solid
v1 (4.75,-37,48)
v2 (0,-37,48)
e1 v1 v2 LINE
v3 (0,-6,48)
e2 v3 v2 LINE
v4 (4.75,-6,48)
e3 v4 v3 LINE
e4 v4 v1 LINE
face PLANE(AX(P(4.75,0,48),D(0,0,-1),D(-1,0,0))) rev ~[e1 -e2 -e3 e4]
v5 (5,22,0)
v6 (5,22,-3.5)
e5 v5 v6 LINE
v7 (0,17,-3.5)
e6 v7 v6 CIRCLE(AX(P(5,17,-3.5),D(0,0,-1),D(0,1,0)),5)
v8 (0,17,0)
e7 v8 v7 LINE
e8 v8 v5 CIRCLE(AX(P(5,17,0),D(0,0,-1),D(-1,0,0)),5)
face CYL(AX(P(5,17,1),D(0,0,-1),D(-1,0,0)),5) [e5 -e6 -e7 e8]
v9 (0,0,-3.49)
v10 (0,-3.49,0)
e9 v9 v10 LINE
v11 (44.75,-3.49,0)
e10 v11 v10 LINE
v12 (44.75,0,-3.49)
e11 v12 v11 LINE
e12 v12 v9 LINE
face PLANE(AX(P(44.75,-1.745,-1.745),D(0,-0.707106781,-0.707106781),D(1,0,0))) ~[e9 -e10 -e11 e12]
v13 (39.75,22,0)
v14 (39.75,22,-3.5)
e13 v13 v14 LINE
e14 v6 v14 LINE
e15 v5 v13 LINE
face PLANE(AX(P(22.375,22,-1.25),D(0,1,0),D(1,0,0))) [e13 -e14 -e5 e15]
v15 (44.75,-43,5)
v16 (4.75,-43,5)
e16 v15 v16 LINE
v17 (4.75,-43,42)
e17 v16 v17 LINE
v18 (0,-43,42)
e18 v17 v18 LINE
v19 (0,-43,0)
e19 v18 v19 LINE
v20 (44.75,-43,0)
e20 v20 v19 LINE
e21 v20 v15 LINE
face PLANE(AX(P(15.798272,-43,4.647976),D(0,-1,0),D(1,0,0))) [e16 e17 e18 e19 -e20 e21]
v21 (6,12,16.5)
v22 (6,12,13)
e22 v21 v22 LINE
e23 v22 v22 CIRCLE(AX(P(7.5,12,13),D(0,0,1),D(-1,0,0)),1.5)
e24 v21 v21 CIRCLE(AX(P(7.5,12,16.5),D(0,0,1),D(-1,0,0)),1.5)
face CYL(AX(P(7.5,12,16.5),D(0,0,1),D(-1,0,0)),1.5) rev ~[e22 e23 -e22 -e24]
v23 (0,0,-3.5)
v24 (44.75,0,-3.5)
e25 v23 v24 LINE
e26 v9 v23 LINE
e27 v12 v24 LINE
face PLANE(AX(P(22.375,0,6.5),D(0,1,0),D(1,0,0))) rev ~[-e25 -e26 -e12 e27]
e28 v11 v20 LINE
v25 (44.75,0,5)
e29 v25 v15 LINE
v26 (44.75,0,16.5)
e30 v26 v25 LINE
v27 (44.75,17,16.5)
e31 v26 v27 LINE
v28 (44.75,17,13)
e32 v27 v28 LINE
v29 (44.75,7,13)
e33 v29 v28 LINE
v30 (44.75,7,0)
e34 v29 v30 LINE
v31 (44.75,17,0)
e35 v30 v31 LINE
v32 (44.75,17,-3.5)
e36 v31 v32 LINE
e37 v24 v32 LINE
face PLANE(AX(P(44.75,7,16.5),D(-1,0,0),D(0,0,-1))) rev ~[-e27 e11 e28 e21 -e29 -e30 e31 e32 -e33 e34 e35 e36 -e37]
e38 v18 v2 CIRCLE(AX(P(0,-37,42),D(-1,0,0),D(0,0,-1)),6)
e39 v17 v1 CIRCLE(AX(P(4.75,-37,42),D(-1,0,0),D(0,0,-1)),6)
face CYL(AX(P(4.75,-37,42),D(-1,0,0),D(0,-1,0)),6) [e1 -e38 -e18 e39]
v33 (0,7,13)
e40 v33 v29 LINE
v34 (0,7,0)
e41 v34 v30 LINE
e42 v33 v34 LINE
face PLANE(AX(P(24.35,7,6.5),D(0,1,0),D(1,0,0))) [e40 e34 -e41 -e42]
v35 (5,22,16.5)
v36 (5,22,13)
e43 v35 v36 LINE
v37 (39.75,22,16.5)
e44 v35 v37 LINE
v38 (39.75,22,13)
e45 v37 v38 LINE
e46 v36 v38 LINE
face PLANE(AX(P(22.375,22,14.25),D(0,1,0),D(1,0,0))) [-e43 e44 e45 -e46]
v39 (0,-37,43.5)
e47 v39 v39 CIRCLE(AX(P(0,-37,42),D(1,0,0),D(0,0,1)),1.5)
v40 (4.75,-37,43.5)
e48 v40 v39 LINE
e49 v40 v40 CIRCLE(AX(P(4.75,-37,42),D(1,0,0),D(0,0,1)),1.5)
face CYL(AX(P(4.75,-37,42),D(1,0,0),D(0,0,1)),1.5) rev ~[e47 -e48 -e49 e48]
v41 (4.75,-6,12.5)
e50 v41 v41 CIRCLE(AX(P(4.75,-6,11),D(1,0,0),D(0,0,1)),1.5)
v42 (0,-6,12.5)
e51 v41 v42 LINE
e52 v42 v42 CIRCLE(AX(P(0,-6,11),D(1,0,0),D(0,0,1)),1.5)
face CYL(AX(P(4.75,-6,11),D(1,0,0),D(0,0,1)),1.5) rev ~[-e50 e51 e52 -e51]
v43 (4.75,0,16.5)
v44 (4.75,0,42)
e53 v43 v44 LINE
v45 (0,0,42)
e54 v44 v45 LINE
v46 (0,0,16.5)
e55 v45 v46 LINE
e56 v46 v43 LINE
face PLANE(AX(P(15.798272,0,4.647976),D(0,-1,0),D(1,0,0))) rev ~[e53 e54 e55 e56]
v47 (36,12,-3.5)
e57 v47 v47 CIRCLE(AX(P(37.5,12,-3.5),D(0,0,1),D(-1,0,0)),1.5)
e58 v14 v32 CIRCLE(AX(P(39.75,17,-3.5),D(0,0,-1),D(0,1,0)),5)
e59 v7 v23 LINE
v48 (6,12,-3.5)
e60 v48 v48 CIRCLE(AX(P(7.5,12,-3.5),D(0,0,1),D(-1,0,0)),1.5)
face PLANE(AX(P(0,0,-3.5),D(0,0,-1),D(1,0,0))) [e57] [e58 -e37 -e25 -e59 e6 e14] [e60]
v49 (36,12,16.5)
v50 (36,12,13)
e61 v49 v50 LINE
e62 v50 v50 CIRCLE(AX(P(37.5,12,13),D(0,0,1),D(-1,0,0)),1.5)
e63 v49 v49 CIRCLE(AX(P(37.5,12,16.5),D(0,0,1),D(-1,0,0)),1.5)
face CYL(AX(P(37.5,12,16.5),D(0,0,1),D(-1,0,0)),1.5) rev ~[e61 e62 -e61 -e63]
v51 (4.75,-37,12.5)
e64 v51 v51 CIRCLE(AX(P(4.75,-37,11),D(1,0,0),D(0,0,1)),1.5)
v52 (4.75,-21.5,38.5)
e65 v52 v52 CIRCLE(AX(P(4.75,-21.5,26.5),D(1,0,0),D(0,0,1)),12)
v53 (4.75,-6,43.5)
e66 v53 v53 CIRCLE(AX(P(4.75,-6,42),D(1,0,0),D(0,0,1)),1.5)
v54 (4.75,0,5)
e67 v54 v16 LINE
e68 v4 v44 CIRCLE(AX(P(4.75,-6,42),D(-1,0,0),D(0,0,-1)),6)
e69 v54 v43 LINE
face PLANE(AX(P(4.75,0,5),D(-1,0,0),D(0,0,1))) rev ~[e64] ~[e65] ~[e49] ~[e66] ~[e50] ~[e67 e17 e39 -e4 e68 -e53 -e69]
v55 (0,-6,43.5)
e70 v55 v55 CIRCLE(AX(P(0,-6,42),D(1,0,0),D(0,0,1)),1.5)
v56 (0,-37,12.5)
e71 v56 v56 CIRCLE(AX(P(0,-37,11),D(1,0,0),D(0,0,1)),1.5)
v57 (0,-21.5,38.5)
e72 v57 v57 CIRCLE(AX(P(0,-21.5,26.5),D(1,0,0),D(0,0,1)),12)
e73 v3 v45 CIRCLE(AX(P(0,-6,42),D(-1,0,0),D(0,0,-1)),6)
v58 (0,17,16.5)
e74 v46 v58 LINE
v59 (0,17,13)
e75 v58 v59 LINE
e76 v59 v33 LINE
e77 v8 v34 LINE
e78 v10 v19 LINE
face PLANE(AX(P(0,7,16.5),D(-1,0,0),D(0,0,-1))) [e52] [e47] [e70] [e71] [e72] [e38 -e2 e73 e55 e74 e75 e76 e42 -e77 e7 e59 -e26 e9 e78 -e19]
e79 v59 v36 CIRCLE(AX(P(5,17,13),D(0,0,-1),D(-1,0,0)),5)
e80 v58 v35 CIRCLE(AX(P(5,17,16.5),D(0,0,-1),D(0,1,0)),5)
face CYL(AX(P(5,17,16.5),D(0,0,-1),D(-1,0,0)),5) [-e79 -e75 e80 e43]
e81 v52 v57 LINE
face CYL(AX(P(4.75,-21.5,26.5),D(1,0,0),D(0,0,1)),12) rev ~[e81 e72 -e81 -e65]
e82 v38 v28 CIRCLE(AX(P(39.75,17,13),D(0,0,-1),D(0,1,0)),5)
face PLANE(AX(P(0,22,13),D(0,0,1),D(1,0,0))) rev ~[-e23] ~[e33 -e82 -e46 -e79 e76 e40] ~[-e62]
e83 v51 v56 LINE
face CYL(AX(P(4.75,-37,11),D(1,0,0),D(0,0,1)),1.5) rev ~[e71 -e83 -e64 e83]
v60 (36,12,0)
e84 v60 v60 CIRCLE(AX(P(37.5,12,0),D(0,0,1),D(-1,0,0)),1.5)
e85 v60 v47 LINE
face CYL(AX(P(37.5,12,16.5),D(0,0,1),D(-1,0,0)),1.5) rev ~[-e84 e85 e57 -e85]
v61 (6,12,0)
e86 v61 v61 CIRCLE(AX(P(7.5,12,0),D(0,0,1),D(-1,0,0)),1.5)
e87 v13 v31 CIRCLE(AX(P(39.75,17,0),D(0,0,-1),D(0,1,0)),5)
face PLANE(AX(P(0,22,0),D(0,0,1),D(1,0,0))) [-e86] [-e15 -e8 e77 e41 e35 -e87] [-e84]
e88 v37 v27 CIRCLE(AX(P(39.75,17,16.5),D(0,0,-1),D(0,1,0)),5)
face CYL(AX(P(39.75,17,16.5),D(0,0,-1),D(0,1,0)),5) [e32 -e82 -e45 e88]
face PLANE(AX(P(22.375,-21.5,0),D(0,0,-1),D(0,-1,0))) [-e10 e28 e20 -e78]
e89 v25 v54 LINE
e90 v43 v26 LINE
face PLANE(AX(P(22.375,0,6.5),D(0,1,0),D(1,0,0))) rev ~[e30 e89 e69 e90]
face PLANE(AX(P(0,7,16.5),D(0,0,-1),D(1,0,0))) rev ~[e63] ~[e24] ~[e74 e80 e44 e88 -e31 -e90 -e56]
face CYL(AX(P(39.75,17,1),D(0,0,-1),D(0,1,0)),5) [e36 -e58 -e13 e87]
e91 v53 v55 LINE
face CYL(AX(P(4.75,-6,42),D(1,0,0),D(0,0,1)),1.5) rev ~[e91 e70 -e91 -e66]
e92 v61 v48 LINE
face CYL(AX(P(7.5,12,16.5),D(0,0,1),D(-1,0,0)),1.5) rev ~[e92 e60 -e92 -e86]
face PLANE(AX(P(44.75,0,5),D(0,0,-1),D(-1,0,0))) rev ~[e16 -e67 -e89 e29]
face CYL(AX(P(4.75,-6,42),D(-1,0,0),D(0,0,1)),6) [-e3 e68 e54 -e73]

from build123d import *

# Parameters (mm, degrees)
PAD_DEPTH       = 43
SKETCH001_R     = 12
SKETCH001_R_2   = 1.5
POCKET_DEPTH    = 5
POCKET_FACE5_W  = 43
POCKET_FACE5_H  = 44.75
POCKET001_DEPTH = 15.5
SKETCH002_W     = 44.75
SKETCH002_H     = 20
PAD001_DEPTH    = 7
SKETCH003_W     = 44.75
SKETCH003_H     = 4.5
PAD002_DEPTH    = 15
SKETCH004_R     = 1.5
POCKET002_DEPTH = 20.001
CHAMFER_SIZE    = 3.49
FILLET_R        = 6
FILLET001_R     = 5
SKETCH005_W     = 48.7
SKETCH005_H     = 13
POCKET003_DEPTH = 15


with BuildPart() as part:
    # Sketch → Pad (new body)
    with BuildSketch(Plane.XZ):
        Polygon((0, 48), (0, -15.5), (44.75, -15.5), (44.75, -10.5), (4.75, -10.5), (4.75, 0), (44.75, 0), (44.75, 5), (4.75, 5), (4.75, 48), align=None)
    extrude(amount=PAD_DEPTH)

    # Sketch001 → Pocket (cut)
    with BuildSketch(Plane(origin=(4.75, 0, 0), x_dir=(0, 0, 1), z_dir=(1, 0, 0))):
        with Locations((26.5, 21.5)):
            Circle(SKETCH001_R)
        with Locations((11, 6)):
            Circle(SKETCH001_R_2)
        with Locations((11, 37)):
            Circle(SKETCH001_R_2)
        with Locations((42, 37)):
            Circle(SKETCH001_R_2)
        with Locations((42, 6)):
            Circle(SKETCH001_R_2)
    extrude(amount=-POCKET_DEPTH, mode=Mode.SUBTRACT)

    # Pocket Face5 → Pocket001 (cut)
    with BuildSketch(Plane(origin=(22.375, -21.5, -15.5), x_dir=(0, -1, 0), z_dir=(0, 0, -1))):
        Rectangle(POCKET_FACE5_W, POCKET_FACE5_H)
    extrude(amount=-POCKET001_DEPTH, mode=Mode.SUBTRACT)

    # Sketch002 (on Face2 of Pocket001) → Pad001 (join)
    with BuildSketch(Plane(origin=(0, 0, 0), x_dir=(1, 0, 0), z_dir=(0, 1, 0))):
        with Locations((22.375, -6.5)):
            Rectangle(SKETCH002_W, SKETCH002_H)
    extrude(amount=PAD001_DEPTH)

    # Sketch003 (on Face14 of Pad001) → Pad002 (join)
    with BuildSketch(Plane(origin=(0, 7, 0), x_dir=(1, 0, 0), z_dir=(0, 1, 0))):
        with Locations((22.375, -14.25)):
            Rectangle(SKETCH003_W, SKETCH003_H)
        with Locations((22.375, 1.25)):
            Rectangle(SKETCH003_W, SKETCH003_H)
    extrude(amount=PAD002_DEPTH)

    # Sketch004 (on Face22 of Pad002) → Pocket002 (cut, through all)
    with BuildSketch(Plane(origin=(0, 0, 16.5), x_dir=(-1, 0, 0), z_dir=(0, 0, 1))):
        with Locations((-37.5, -12)):
            Circle(SKETCH004_R)
        with Locations((-7.5, -12)):
            Circle(SKETCH004_R)
    extrude(amount=-POCKET002_DEPTH, mode=Mode.SUBTRACT)

    # Chamfer
    chamfer_edges = [part.edges().sort_by_distance(p)[0] for p in [
        (22.375, 0, 0),
    ]]
    chamfer(chamfer_edges, length=CHAMFER_SIZE)

    # Fillet
    fillet_edges = [part.edges().sort_by_distance(p)[0] for p in [
        (2.375, -43, 48),
        (2.375, 0, 48),
    ]]
    fillet(fillet_edges, radius=FILLET_R)

    # Fillet001
    fillet001_edges = [part.edges().sort_by_distance(p)[0] for p in [
        (0, 22, 14.25),
        (0, 22, -1.25),
        (44.75, 22, 14.25),
        (44.75, 22, -1.25),
    ]]
    fillet(fillet001_edges, radius=FILLET001_R)

    # Sketch005 (on Face28 of Fillet001) → Pocket003 (cut)
    with BuildSketch(Plane(origin=(0, 22, 0), x_dir=(1, 0, 0), z_dir=(0, 1, 0))):
        with Locations((24.35, -6.5)):
            Rectangle(SKETCH005_W, SKETCH005_H)
    extrude(amount=-POCKET003_DEPTH, mode=Mode.SUBTRACT)


solid = part.part
